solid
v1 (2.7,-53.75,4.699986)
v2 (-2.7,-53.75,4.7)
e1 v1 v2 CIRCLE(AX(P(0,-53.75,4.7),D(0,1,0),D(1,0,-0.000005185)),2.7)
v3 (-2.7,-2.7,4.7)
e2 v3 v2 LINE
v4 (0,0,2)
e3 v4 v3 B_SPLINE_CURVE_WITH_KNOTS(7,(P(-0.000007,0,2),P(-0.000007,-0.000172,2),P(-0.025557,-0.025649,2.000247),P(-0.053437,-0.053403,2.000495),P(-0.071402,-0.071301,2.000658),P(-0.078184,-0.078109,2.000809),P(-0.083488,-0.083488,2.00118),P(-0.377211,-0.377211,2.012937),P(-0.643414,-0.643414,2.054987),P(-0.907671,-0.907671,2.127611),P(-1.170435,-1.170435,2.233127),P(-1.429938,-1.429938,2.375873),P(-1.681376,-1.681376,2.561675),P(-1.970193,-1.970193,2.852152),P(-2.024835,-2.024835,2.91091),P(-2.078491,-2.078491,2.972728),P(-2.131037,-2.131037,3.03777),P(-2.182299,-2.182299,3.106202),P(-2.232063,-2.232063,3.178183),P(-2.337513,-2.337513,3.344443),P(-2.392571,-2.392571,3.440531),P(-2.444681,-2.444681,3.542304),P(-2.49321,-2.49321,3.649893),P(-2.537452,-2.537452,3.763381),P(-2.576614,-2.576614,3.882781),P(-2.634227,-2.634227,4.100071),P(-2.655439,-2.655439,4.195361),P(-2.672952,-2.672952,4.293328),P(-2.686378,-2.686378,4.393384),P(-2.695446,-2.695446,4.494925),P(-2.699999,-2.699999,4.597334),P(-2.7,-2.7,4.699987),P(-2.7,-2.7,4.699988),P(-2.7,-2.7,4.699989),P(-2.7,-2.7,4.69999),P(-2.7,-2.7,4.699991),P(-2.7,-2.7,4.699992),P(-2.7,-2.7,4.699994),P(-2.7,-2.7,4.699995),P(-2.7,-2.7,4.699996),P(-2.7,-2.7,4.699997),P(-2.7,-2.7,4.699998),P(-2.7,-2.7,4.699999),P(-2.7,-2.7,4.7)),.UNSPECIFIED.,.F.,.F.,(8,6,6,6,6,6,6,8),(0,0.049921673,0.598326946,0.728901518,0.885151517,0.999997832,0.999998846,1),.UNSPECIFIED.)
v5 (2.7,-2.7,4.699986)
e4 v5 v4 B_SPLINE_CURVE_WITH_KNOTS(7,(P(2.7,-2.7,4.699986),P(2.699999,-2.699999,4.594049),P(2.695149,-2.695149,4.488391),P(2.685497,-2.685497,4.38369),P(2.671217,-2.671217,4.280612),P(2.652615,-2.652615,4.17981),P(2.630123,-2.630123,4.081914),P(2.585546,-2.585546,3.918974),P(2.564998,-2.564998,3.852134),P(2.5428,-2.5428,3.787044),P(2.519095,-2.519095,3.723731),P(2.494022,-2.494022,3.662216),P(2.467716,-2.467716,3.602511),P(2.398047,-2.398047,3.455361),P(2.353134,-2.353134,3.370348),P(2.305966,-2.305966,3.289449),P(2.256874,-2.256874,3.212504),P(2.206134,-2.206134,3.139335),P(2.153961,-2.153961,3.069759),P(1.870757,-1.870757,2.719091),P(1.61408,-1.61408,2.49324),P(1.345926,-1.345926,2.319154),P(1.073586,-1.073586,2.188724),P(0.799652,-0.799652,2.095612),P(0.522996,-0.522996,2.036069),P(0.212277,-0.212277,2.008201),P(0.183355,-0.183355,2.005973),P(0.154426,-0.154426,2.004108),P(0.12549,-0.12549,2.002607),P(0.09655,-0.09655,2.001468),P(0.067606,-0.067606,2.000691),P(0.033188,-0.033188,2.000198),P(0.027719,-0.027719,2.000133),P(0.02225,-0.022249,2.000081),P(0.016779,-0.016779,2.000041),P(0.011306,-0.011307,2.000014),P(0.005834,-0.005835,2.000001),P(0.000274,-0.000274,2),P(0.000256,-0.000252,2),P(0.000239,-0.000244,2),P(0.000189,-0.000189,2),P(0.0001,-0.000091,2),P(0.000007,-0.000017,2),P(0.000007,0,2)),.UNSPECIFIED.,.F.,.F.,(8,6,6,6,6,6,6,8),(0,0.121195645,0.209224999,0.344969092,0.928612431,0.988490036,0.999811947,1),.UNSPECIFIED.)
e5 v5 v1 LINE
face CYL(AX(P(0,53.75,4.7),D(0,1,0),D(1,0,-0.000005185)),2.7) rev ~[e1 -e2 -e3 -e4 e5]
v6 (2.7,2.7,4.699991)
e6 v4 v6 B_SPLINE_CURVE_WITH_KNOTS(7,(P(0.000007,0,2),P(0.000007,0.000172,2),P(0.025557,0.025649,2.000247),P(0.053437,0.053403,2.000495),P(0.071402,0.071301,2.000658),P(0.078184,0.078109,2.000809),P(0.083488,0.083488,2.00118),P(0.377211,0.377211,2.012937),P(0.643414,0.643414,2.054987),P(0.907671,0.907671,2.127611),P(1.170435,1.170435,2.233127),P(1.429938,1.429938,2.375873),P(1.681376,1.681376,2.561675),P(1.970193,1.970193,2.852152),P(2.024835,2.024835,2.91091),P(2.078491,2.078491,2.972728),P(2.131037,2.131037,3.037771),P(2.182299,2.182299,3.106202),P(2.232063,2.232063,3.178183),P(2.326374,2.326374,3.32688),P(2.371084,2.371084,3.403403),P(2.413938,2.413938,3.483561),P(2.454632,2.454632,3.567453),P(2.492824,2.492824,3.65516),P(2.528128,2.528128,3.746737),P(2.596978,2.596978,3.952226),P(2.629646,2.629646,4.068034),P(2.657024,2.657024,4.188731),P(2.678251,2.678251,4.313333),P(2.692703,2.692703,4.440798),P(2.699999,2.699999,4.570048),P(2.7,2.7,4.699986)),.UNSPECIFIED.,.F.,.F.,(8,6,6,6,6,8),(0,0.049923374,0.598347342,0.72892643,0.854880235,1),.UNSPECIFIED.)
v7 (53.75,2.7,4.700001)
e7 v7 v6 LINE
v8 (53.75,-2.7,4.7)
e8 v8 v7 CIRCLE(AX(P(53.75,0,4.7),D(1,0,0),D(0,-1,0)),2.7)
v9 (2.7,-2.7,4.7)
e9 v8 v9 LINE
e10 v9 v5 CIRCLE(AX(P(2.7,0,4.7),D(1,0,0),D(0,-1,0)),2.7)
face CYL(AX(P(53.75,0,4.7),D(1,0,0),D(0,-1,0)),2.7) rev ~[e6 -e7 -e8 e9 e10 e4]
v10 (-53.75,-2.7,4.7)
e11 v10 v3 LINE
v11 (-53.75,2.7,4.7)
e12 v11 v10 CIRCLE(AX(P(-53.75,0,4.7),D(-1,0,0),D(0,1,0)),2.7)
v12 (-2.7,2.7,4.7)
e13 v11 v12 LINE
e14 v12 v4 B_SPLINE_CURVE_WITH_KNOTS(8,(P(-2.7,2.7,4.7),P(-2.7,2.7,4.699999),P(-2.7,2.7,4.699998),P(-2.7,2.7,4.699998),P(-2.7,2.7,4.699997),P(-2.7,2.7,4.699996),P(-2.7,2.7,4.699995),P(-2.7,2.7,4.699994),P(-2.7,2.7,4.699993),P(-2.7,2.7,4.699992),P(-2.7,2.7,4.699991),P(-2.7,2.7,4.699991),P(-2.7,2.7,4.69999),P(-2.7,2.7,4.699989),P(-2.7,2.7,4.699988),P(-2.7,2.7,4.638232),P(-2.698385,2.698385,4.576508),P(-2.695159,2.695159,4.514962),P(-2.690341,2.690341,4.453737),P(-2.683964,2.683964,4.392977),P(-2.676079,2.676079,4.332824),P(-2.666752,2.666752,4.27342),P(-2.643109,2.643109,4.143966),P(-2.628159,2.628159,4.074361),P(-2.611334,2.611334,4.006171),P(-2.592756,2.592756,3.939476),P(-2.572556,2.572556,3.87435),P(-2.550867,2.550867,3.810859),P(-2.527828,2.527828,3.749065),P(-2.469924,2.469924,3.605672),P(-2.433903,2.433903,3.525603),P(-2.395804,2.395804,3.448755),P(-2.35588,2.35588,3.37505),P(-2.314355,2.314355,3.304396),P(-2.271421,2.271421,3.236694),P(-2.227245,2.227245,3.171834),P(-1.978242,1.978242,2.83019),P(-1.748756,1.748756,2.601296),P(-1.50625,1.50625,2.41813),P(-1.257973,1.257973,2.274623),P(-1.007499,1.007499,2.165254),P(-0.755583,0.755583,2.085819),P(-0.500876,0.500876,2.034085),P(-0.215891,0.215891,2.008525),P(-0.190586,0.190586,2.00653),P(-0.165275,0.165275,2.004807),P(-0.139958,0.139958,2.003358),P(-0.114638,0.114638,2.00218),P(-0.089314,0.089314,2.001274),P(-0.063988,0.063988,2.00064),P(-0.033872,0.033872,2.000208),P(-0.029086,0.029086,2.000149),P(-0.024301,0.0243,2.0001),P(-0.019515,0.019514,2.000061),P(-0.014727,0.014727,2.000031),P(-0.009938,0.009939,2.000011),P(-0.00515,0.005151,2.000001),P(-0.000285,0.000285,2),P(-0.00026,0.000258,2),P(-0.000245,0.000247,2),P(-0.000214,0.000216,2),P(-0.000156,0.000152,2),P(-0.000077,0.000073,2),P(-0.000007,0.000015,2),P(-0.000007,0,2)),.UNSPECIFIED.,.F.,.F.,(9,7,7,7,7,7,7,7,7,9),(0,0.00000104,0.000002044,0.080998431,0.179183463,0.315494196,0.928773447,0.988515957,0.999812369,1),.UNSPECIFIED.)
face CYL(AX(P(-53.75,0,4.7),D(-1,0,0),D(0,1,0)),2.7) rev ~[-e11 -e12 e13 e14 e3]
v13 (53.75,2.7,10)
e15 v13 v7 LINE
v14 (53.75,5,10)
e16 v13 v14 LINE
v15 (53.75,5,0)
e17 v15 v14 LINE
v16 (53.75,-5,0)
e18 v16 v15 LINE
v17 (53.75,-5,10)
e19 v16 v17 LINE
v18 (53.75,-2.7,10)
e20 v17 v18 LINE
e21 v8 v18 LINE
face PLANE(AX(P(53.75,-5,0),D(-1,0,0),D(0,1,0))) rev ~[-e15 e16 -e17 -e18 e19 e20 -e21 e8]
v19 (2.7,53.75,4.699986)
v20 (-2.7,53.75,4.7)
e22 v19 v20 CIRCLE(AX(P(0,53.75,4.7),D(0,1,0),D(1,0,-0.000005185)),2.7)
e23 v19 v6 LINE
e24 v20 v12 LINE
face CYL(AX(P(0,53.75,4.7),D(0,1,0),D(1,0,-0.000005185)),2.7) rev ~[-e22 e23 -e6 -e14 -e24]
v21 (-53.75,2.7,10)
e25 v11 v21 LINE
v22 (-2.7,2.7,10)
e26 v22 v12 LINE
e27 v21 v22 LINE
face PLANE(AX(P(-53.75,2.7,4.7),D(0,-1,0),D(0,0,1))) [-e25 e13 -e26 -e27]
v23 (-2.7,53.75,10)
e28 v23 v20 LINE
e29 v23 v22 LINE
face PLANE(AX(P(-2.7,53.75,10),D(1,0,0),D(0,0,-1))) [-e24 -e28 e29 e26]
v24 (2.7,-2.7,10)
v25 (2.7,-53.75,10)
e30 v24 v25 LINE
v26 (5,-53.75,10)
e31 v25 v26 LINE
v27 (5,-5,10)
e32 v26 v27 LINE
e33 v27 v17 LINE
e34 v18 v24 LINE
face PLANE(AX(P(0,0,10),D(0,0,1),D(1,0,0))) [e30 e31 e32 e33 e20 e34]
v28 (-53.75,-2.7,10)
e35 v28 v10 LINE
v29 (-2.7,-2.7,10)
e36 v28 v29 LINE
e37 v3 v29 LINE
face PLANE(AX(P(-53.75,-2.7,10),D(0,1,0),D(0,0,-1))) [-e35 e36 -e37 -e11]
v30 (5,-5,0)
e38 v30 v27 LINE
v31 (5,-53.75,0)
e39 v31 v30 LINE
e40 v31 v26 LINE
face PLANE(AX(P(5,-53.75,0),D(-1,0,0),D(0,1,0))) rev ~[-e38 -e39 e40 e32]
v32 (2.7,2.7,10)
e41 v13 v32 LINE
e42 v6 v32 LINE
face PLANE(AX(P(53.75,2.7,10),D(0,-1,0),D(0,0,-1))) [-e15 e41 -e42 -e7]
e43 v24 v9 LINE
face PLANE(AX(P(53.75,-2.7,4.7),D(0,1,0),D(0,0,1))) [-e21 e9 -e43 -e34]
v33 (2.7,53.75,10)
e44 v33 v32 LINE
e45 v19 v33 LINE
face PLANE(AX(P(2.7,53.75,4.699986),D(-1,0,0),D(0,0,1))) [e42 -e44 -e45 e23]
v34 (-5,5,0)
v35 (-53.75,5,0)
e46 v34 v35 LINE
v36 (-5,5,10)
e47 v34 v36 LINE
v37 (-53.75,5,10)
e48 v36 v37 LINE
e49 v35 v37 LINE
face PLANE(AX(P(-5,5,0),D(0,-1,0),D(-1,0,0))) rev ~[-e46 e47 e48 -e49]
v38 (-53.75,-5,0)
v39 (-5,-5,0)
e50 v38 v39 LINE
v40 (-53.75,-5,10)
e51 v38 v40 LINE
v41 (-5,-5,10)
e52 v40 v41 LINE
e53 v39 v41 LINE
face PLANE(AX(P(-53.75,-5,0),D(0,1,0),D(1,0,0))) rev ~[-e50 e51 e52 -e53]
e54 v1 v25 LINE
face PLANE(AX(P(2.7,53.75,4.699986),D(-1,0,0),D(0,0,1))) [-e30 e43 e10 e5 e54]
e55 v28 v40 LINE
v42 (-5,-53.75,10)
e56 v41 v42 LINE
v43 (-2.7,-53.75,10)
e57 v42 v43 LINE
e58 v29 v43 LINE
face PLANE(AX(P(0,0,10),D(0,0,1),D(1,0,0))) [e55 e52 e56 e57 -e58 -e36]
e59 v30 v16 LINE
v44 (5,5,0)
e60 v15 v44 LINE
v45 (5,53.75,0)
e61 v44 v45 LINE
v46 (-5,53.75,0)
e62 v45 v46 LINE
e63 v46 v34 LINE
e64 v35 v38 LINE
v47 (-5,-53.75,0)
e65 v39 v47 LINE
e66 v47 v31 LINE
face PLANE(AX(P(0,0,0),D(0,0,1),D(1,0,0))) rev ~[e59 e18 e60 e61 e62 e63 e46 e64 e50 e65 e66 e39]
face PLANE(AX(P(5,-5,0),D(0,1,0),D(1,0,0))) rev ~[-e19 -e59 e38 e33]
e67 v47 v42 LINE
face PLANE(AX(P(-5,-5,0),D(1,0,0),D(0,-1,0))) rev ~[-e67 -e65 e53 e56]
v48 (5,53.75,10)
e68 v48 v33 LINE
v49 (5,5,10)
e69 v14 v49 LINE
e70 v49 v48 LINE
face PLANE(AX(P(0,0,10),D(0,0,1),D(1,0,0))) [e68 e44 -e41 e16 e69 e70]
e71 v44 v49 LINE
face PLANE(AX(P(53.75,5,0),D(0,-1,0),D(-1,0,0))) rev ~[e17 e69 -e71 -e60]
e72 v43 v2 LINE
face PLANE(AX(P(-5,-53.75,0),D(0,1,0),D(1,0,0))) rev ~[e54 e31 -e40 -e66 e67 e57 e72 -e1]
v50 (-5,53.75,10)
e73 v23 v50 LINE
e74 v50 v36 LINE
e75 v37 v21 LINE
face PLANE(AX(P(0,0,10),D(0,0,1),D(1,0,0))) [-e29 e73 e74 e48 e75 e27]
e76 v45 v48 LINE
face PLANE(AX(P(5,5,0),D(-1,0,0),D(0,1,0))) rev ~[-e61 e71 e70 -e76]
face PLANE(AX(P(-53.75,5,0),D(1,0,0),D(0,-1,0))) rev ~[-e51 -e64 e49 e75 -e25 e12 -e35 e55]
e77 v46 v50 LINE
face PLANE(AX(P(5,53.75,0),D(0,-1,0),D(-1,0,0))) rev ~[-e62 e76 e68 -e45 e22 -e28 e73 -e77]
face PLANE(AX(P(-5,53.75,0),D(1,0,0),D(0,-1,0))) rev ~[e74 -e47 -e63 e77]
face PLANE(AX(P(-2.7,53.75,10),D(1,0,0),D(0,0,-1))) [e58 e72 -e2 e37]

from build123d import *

# Parameters (mm, degrees)
PAD_DEPTH       = 10
POCKET_DEPTH    = 107.501
POCKET001_DEPTH = 53.75
POCKET002_DEPTH = 53.75


with BuildPart() as part:
    # Sketch → Pad (new body)
    with BuildSketch(Plane.XY):
        Polygon((-5, 53.75), (-5, 5), (-53.75, 5), (-53.75, -5), (-5, -5), (-5, -53.75), (5, -53.75), (5, -5), (53.75, -5), (53.75, 5), (5, 5), (5, 53.75), align=None)
    extrude(amount=PAD_DEPTH)

    # Sketch001 → Pocket (cut, through all)
    with BuildSketch(Plane(origin=(0, 53.75, 0), x_dir=(-1, 0, 0), z_dir=(0, 1, 0))):
        with BuildLine():
            ThreePointArc((-2.7, 4.699986), (7e-06, 2), (2.7, 4.7))
            Line((2.7, 10), (2.7, 4.7))
            Line((2.7, 10), (-2.7, 10))
            Line((-2.7, 4.699986), (-2.7, 10))
        make_face()
    extrude(amount=-POCKET_DEPTH, mode=Mode.SUBTRACT)

    # Sketch002 → Pocket001 (cut)
    with BuildSketch(Plane.YZ.offset(53.75)):
        with BuildLine():
            ThreePointArc((-2.7, 4.7), (0, 2), (2.7, 4.700001))
            Line((2.7, 10), (2.7, 4.700001))
            Line((2.7, 10), (-2.7, 10))
            Line((-2.7, 4.7), (-2.7, 10))
        make_face()
    extrude(amount=-POCKET001_DEPTH, mode=Mode.SUBTRACT)

    # Sketch003 → Pocket002 (cut)
    with BuildSketch(Plane(origin=(-53.75, 0, 0), x_dir=(0, -1, 0), z_dir=(-1, 0, 0))):
        with BuildLine():
            ThreePointArc((-2.7, 4.7), (0, 2), (2.7, 4.7))
            Line((2.7, 10), (2.7, 4.7))
            Line((-2.7, 10), (2.7, 10))
            Line((-2.7, 4.7), (-2.7, 10))
        make_face()
    extrude(amount=-POCKET002_DEPTH, mode=Mode.SUBTRACT)


solid = part.part
